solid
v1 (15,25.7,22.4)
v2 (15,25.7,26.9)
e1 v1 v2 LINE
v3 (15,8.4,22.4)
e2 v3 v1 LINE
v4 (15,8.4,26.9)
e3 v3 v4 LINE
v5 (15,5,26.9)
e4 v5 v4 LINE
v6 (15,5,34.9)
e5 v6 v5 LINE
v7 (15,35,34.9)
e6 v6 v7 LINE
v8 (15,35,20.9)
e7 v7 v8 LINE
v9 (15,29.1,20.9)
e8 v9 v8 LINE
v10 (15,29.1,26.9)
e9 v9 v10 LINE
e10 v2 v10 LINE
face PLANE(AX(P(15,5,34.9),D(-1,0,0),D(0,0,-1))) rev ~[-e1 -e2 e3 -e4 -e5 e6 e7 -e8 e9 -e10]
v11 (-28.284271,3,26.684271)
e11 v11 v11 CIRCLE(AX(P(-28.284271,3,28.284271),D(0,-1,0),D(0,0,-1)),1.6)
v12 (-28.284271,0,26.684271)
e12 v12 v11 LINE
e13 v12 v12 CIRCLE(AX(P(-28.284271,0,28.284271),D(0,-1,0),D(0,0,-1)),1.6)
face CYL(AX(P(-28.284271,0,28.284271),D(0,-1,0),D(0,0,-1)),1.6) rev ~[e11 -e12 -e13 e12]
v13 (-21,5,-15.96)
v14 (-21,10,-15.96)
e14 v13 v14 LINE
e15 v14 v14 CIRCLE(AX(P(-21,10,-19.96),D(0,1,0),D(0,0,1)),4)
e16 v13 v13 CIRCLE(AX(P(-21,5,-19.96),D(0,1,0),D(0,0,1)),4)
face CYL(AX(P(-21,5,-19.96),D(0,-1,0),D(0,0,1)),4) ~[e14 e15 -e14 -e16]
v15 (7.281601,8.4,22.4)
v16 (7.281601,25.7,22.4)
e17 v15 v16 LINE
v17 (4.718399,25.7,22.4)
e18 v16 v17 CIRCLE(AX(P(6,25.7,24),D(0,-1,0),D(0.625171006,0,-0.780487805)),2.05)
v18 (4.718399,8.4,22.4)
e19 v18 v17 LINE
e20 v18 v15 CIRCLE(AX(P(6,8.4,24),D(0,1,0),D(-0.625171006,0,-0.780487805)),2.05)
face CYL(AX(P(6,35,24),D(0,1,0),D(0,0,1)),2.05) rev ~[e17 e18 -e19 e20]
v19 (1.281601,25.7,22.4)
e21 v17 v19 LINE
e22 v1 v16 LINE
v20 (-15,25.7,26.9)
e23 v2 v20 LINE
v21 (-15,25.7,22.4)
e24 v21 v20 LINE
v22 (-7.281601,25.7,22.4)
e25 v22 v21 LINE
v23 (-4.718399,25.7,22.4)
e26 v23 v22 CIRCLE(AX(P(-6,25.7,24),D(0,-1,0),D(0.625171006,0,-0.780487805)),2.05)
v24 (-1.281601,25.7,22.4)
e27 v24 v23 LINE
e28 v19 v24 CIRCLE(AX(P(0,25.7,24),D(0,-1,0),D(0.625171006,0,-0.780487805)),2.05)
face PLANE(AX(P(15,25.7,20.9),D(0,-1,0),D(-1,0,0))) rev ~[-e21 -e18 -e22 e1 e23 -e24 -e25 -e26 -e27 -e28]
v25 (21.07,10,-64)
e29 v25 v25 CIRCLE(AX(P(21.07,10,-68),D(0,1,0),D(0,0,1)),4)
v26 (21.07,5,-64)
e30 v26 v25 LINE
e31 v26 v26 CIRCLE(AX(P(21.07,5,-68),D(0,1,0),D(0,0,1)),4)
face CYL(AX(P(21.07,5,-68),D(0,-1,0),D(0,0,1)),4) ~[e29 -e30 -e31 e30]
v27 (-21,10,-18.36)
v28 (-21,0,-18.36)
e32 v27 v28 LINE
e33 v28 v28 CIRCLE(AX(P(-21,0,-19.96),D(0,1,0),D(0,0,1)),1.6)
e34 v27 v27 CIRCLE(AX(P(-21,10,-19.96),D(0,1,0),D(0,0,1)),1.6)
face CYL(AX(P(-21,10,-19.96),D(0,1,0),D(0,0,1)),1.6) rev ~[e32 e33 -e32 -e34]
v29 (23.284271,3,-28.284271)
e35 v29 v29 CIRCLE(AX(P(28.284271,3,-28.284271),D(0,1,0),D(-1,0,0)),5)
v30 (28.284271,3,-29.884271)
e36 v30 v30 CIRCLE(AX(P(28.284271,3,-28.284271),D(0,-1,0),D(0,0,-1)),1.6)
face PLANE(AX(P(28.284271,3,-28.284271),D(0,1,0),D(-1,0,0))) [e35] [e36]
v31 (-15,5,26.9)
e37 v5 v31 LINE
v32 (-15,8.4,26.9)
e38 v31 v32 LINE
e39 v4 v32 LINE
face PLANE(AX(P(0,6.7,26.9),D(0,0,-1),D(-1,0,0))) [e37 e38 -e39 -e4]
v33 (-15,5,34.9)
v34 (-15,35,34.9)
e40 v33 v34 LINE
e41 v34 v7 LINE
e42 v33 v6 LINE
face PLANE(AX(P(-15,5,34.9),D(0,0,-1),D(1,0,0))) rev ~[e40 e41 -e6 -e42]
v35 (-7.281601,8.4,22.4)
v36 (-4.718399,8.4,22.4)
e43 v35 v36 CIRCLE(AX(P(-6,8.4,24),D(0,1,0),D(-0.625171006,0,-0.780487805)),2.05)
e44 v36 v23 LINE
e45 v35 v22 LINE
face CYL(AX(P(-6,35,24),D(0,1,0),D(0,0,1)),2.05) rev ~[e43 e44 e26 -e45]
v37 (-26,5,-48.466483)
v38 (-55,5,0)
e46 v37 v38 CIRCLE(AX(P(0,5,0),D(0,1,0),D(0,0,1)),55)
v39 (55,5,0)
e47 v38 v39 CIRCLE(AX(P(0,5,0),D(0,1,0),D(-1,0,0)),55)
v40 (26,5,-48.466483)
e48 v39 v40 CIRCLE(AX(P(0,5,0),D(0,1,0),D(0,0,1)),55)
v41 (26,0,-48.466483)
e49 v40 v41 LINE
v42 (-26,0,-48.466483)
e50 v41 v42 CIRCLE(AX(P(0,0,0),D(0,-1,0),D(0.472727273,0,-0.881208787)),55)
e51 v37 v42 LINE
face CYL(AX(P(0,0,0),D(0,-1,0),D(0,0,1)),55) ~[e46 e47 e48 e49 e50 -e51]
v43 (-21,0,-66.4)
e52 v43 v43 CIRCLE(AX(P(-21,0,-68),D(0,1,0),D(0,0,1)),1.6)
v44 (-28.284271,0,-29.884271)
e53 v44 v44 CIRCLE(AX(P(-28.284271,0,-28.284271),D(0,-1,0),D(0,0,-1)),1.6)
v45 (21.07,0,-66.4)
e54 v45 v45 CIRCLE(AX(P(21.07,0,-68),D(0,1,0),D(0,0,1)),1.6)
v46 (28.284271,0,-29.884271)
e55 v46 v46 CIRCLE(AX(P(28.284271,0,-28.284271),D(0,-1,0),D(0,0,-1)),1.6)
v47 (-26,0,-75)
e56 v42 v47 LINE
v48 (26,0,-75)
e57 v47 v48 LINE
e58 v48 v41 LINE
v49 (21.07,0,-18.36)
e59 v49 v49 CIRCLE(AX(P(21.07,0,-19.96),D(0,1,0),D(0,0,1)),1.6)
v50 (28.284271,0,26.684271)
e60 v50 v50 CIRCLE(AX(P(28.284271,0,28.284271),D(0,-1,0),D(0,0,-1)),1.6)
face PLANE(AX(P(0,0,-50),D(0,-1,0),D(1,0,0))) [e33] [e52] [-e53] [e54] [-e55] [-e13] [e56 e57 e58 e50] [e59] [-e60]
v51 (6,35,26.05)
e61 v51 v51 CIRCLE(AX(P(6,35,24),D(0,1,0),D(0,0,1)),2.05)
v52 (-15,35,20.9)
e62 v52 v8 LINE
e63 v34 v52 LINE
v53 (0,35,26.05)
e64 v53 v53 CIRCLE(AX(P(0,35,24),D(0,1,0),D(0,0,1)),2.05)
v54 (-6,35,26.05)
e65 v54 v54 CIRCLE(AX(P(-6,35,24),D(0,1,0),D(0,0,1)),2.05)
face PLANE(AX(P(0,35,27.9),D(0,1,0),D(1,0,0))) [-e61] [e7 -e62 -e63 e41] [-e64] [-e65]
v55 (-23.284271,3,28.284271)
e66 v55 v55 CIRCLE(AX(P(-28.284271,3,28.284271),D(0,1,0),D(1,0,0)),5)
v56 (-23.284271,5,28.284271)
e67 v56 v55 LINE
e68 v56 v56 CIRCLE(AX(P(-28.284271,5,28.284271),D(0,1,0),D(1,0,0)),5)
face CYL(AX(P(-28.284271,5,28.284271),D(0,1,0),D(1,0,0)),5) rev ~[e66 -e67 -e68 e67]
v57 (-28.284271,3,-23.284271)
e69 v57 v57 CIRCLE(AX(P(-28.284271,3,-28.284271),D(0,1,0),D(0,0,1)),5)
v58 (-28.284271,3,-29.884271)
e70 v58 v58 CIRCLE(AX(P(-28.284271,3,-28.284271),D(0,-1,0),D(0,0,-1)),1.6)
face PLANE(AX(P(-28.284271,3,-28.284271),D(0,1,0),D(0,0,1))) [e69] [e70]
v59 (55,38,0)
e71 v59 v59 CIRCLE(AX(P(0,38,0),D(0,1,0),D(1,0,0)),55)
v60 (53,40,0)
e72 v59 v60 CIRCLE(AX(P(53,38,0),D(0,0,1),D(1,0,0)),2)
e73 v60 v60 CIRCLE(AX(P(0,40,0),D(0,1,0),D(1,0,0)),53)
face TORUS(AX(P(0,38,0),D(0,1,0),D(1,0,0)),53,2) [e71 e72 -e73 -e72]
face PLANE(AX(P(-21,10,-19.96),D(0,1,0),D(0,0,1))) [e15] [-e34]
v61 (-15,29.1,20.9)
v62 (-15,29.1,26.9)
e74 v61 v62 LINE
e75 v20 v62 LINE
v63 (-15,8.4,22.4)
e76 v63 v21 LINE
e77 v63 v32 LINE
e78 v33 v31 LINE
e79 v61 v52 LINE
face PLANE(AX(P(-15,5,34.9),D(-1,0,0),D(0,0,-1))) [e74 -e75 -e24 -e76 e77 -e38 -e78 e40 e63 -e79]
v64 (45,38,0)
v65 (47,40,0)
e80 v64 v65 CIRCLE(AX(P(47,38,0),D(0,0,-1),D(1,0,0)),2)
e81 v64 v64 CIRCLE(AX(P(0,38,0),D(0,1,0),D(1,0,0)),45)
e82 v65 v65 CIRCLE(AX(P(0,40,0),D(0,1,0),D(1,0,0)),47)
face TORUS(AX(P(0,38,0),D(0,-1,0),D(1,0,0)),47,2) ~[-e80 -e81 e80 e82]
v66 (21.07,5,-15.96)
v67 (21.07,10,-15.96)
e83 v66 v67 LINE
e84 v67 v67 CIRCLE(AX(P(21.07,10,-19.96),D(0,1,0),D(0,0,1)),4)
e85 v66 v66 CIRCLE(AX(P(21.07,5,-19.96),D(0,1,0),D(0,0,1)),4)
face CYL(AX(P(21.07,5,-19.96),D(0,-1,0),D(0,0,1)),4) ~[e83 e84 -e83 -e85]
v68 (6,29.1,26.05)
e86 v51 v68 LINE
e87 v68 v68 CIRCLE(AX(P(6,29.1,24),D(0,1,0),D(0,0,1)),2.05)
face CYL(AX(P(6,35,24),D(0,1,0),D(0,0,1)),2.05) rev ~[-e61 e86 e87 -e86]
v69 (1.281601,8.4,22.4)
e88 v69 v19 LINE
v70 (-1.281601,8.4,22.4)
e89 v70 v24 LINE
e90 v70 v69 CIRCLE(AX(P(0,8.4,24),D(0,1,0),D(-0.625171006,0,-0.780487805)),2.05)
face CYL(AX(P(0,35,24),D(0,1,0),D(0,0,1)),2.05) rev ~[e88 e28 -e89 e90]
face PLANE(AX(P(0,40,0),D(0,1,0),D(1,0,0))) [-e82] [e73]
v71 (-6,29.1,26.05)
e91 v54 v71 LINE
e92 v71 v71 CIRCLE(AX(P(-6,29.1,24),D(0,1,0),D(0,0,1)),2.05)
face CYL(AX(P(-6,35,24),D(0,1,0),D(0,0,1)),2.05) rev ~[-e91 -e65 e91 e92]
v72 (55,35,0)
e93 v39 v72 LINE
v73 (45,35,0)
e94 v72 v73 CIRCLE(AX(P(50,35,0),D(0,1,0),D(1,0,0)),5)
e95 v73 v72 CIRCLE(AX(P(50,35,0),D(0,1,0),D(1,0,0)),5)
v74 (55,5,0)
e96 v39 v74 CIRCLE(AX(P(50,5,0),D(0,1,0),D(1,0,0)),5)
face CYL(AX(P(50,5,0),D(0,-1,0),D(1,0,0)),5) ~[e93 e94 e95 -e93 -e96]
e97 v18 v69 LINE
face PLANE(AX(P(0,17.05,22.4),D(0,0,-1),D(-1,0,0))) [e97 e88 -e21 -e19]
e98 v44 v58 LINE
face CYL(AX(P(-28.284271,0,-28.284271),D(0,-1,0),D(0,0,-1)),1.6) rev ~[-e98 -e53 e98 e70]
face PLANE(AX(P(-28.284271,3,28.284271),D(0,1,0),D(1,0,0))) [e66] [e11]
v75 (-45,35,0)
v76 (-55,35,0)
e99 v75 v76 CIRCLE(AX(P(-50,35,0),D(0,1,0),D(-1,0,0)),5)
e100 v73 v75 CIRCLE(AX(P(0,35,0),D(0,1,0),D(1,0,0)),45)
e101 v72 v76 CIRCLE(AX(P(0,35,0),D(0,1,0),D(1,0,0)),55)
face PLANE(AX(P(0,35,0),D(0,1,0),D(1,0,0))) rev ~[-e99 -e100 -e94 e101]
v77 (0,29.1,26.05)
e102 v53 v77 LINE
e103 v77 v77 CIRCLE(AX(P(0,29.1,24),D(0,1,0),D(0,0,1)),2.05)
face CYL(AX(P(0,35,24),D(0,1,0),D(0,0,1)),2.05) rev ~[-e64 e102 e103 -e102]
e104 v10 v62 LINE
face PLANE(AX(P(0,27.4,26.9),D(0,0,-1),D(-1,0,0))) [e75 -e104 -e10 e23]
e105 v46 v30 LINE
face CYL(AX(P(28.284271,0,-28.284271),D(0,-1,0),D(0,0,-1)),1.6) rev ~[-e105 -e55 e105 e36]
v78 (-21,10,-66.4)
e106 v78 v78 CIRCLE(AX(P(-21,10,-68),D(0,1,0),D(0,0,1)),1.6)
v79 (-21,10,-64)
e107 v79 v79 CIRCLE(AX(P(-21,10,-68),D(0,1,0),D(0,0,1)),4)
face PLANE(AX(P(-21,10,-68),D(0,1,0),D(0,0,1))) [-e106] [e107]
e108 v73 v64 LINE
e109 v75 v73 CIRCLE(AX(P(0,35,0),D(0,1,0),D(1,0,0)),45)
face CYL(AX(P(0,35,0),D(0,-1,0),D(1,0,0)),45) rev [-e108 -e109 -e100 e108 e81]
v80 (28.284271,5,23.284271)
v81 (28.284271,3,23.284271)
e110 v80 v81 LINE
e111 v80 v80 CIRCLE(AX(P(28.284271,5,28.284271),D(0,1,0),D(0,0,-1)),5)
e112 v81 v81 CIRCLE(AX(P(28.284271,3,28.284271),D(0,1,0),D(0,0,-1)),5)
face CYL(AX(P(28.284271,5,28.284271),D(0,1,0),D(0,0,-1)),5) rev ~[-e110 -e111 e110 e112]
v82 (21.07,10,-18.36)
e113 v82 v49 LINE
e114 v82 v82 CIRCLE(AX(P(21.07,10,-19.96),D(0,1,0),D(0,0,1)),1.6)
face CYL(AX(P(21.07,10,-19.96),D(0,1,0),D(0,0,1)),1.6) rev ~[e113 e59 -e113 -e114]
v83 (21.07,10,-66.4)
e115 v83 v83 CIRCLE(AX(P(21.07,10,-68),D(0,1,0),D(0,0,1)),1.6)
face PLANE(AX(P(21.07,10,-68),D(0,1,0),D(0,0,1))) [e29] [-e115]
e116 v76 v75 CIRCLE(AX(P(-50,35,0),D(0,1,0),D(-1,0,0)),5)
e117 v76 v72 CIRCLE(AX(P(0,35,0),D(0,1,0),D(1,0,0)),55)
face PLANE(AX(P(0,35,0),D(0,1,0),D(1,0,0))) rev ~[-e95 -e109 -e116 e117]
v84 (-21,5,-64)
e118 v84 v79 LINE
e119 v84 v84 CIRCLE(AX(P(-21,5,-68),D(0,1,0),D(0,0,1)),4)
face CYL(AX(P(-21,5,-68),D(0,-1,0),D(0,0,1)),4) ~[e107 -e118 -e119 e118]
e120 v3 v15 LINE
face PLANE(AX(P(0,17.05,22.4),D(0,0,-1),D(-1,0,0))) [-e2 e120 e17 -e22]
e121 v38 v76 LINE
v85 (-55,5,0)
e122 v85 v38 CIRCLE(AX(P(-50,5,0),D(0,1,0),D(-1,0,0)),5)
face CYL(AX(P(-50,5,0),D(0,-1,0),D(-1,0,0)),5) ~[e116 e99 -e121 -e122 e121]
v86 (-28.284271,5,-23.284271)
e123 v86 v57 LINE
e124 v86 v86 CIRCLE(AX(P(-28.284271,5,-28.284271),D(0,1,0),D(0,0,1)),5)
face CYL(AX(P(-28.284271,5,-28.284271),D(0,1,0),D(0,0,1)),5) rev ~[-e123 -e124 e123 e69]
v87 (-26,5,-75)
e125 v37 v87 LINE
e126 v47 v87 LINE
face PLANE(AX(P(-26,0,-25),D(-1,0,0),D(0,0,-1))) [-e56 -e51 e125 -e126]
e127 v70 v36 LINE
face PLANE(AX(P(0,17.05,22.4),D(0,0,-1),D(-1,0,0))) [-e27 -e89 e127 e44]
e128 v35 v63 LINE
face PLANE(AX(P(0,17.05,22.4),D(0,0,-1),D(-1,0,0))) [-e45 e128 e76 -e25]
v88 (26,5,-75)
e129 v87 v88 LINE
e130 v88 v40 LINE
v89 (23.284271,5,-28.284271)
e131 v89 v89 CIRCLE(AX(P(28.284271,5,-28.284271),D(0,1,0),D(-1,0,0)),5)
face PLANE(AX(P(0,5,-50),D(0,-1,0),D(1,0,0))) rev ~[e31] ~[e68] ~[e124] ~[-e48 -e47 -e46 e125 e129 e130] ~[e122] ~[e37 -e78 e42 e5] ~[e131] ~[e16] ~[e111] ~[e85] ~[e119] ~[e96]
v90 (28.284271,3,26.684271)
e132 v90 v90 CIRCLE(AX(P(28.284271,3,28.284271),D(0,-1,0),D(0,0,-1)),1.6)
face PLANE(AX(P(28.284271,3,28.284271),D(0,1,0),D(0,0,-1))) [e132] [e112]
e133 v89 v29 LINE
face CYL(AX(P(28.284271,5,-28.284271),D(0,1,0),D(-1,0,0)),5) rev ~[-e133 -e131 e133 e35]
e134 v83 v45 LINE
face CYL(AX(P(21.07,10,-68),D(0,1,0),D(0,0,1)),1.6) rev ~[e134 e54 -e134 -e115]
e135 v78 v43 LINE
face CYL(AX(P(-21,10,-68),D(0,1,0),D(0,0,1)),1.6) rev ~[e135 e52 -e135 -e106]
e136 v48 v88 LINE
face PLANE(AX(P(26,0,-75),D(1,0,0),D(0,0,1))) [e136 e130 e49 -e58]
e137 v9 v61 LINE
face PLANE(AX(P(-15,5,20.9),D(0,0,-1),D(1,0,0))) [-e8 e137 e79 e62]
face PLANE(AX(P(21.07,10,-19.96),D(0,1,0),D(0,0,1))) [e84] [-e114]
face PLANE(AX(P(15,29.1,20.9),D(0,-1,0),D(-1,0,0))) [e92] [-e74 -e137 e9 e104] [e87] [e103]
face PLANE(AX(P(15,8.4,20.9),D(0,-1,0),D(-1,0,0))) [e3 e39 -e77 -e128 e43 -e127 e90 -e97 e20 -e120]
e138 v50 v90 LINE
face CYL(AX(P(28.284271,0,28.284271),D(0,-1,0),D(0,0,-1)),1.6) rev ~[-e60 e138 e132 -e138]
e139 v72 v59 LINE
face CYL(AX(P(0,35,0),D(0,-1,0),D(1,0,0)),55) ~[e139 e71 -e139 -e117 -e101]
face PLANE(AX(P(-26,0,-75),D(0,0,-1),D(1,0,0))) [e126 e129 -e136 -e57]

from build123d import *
from build123d.topology import SkipClean

# Parameters (mm, degrees)
SKETCH1_R           = 55
BOSS_EXTRUDE1_DEPTH = 5
SKETCH2_W           = 30
SKETCH2_H           = 14
BOSS_EXTRUDE2_DEPTH = 30
SKETCH6_R           = 2.05
CUT_EXTRUDE3_DEPTH  = 30
SKETCH7_W           = 30
SKETCH7_H           = 3.4
CUT_EXTRUDE4_DEPTH  = 6
SKETCH8_R           = 5
BOSS_EXTRUDE3_DEPTH = 30
CIRPATTERN1_COUNT   = 2
SKETCH9_R           = 55
SKETCH9_R_2         = 45
BOSS_EXTRUDE4_DEPTH = 5
SKETCH10_R          = 1.6
CUT_EXTRUDE5_DEPTH  = 6
SKETCH11_W          = 30
SKETCH11_H          = 17.3
CUT_EXTRUDE6_DEPTH  = 1.5
BOSS_EXTRUDE5_DEPTH = 5
SKETCH16_R          = 4
BOSS_EXTRUDE6_DEPTH = 5
SKETCH17_R          = 1.6
CUT_EXTRUDE8_DEPTH  = 98.724101428
SKETCH13_R          = 5
CUT_EXTRUDE9_DEPTH  = 2
CIRPATTERN3_COUNT   = 4
FILLET1_R           = 2


with BuildPart() as part:
    # Sketch1 → Boss-Extrude1 (new body)
    with BuildSketch(Plane(origin=(0, 0, 0), x_dir=(1, 0, 0), z_dir=(0, 1, 0))):
        with Locations(Location((0, 0, 0), (0, 0, 270))):
            Circle(SKETCH1_R)
    extrude(amount=BOSS_EXTRUDE1_DEPTH)

    # Sketch2 → Boss-Extrude2 (add)
    with BuildSketch(Plane(origin=(0, 5, 0), x_dir=(1, 0, 0), z_dir=(0, 1, 0))):
        with Locations((0, -27.9)):
            Rectangle(SKETCH2_W, SKETCH2_H)
    extrude(amount=BOSS_EXTRUDE2_DEPTH)

    # Sketch6 → Cut-Extrude3 (cut)
    with BuildSketch(Plane(origin=(0, 35, 0), x_dir=(1, 0, 0), z_dir=(0, 1, 0))):
        with Locations(Location((-6, -24, 0), (0, 0, 270))):
            Circle(SKETCH6_R)
        with Locations(Location((0, -24, 0), (0, 0, 270))):
            Circle(SKETCH6_R)
        with Locations(Location((6, -24, 0), (0, 0, 270))):
            Circle(SKETCH6_R)
    extrude(amount=-CUT_EXTRUDE3_DEPTH, mode=Mode.SUBTRACT)

    # Sketch7 → Cut-Extrude4 (cut)
    with BuildSketch(Plane(origin=(0, 0, 20.9), x_dir=(-1, 0, 0), z_dir=(0, 0, -1))):
        with Locations((0, 6.7)):
            Rectangle(SKETCH7_W, SKETCH7_H)
        with Locations((0, 27.4)):
            Rectangle(SKETCH7_W, SKETCH7_H)
    extrude(amount=-CUT_EXTRUDE4_DEPTH, mode=Mode.SUBTRACT)

    # Sketch8 → Boss-Extrude3 (add)
    with BuildSketch(Plane(origin=(0, 5, 0), x_dir=(1, 0, 0), z_dir=(0, 1, 0))):
        with Locations(Location((-50, 0, 0), (0, 0, 180))):
            Circle(SKETCH8_R)
    boss_extrude3 = extrude(amount=BOSS_EXTRUDE3_DEPTH)

    # CirPattern1: Boss-Extrude3 ×2 about axis
    cirpattern1_axis = Axis((0, 0, 0), (0, 1, 0))
    for i in range(1, CIRPATTERN1_COUNT):
        add(boss_extrude3.rotate(cirpattern1_axis, i * 360 / CIRPATTERN1_COUNT))

    # Sketch9 → Boss-Extrude4 (add)
    with BuildSketch(Plane(origin=(0, 35, 0), x_dir=(1, 0, 0), z_dir=(0, 1, 0))):
        with Locations(Location((0, 0, 0), (0, 0, 3.4551e-05))):
            Circle(SKETCH9_R)
        Circle(SKETCH9_R_2, mode=Mode.SUBTRACT)
    extrude(amount=BOSS_EXTRUDE4_DEPTH)

    # Sketch10 → Cut-Extrude5 (cut)
    with BuildSketch(Plane.XZ):
        with Locations(Location((-28.284271247, 28.284271247, 0), (0, 0, 270))):
            Circle(SKETCH10_R)
        with Locations(Location((28.284271247, 28.284271247, 0), (0, 0, 270))):
            Circle(SKETCH10_R)
        with Locations(Location((28.284271247, -28.284271247, 0), (0, 0, 270))):
            Circle(SKETCH10_R)
        with Locations(Location((-28.284271247, -28.284271247, 0), (0, 0, 270))):
            Circle(SKETCH10_R)
    extrude(amount=-CUT_EXTRUDE5_DEPTH, mode=Mode.SUBTRACT)

    # Sketch11 → Cut-Extrude6 (cut)
    with BuildSketch(Plane(origin=(0, 0, 20.9), x_dir=(-1, 0, 0), z_dir=(0, 0, -1))):
        with Locations((0, 17.05)):
            Rectangle(SKETCH11_W, SKETCH11_H)
    extrude(amount=-CUT_EXTRUDE6_DEPTH, mode=Mode.SUBTRACT)

    # Sketch14 → Boss-Extrude5 (add)
    with SkipClean():  # the faces are left unmerged after this step: merging them gives an invalid solid
        with BuildSketch(Plane.XZ):
            Polygon((-26, -48.466483264), (-26, -75), (26, -75), (26, -25), (-26, -25), align=None)
        extrude(amount=-BOSS_EXTRUDE5_DEPTH)

    # Sketch16 → Boss-Extrude6 (add)
    with BuildSketch(Plane(origin=(0, 5, 0), x_dir=(1, 0, 0), z_dir=(0, 1, 0))):
        with Locations(Location((-21, 68, 0), (0, 0, 270))):
            Circle(SKETCH16_R)
        with Locations(Location((21.07, 68, 0), (0, 0, 270))):
            Circle(SKETCH16_R)
        with Locations(Location((-21, 19.96, 0), (0, 0, 270))):
            Circle(SKETCH16_R)
        with Locations(Location((21.07, 19.96, 0), (0, 0, 270))):
            Circle(SKETCH16_R)
    extrude(amount=BOSS_EXTRUDE6_DEPTH)

    # Sketch17 → Cut-Extrude8 (cut, through all)
    with BuildSketch(Plane(origin=(0, 10, 0), x_dir=(1, 0, 0), z_dir=(0, 1, 0))):
        with Locations(Location((-21, 68, 0), (0, 0, 270))):
            Circle(SKETCH17_R)
        with Locations(Location((21.07, 68, 0), (0, 0, 270))):
            Circle(SKETCH17_R)
        with Locations(Location((21.07, 19.96, 0), (0, 0, 270))):
            Circle(SKETCH17_R)
        with Locations(Location((-21, 19.96, 0), (0, 0, 270))):
            Circle(SKETCH17_R)
    extrude(amount=-CUT_EXTRUDE8_DEPTH, mode=Mode.SUBTRACT)

    # Sketch13 → Cut-Extrude9 (cut)
    with BuildSketch(Plane(origin=(0, 5, 0), x_dir=(1, 0, 0), z_dir=(0, 1, 0))):
        with Locations(Location((-28.284271247, 28.284271247, 0), (0, 0, 270))):
            Circle(SKETCH13_R)
    cut_extrude9 = extrude(amount=-CUT_EXTRUDE9_DEPTH, mode=Mode.SUBTRACT)

    # CirPattern3: Cut-Extrude9 ×4 about axis
    cirpattern3_axis = Axis((0, 0, 0), (0, 1, 0))
    for i in range(1, CIRPATTERN3_COUNT):
        add(cut_extrude9.rotate(cirpattern3_axis, i * 360 / CIRPATTERN3_COUNT), mode=Mode.SUBTRACT)

    # Fillet1
    fillet1_edges = [part.edges().sort_by_distance(p)[0] for p in [
        (-55, 40, 3.3167e-05),
        (-45, 40, 0),
    ]]
    fillet(fillet1_edges, radius=FILLET1_R)


solid = part.part
